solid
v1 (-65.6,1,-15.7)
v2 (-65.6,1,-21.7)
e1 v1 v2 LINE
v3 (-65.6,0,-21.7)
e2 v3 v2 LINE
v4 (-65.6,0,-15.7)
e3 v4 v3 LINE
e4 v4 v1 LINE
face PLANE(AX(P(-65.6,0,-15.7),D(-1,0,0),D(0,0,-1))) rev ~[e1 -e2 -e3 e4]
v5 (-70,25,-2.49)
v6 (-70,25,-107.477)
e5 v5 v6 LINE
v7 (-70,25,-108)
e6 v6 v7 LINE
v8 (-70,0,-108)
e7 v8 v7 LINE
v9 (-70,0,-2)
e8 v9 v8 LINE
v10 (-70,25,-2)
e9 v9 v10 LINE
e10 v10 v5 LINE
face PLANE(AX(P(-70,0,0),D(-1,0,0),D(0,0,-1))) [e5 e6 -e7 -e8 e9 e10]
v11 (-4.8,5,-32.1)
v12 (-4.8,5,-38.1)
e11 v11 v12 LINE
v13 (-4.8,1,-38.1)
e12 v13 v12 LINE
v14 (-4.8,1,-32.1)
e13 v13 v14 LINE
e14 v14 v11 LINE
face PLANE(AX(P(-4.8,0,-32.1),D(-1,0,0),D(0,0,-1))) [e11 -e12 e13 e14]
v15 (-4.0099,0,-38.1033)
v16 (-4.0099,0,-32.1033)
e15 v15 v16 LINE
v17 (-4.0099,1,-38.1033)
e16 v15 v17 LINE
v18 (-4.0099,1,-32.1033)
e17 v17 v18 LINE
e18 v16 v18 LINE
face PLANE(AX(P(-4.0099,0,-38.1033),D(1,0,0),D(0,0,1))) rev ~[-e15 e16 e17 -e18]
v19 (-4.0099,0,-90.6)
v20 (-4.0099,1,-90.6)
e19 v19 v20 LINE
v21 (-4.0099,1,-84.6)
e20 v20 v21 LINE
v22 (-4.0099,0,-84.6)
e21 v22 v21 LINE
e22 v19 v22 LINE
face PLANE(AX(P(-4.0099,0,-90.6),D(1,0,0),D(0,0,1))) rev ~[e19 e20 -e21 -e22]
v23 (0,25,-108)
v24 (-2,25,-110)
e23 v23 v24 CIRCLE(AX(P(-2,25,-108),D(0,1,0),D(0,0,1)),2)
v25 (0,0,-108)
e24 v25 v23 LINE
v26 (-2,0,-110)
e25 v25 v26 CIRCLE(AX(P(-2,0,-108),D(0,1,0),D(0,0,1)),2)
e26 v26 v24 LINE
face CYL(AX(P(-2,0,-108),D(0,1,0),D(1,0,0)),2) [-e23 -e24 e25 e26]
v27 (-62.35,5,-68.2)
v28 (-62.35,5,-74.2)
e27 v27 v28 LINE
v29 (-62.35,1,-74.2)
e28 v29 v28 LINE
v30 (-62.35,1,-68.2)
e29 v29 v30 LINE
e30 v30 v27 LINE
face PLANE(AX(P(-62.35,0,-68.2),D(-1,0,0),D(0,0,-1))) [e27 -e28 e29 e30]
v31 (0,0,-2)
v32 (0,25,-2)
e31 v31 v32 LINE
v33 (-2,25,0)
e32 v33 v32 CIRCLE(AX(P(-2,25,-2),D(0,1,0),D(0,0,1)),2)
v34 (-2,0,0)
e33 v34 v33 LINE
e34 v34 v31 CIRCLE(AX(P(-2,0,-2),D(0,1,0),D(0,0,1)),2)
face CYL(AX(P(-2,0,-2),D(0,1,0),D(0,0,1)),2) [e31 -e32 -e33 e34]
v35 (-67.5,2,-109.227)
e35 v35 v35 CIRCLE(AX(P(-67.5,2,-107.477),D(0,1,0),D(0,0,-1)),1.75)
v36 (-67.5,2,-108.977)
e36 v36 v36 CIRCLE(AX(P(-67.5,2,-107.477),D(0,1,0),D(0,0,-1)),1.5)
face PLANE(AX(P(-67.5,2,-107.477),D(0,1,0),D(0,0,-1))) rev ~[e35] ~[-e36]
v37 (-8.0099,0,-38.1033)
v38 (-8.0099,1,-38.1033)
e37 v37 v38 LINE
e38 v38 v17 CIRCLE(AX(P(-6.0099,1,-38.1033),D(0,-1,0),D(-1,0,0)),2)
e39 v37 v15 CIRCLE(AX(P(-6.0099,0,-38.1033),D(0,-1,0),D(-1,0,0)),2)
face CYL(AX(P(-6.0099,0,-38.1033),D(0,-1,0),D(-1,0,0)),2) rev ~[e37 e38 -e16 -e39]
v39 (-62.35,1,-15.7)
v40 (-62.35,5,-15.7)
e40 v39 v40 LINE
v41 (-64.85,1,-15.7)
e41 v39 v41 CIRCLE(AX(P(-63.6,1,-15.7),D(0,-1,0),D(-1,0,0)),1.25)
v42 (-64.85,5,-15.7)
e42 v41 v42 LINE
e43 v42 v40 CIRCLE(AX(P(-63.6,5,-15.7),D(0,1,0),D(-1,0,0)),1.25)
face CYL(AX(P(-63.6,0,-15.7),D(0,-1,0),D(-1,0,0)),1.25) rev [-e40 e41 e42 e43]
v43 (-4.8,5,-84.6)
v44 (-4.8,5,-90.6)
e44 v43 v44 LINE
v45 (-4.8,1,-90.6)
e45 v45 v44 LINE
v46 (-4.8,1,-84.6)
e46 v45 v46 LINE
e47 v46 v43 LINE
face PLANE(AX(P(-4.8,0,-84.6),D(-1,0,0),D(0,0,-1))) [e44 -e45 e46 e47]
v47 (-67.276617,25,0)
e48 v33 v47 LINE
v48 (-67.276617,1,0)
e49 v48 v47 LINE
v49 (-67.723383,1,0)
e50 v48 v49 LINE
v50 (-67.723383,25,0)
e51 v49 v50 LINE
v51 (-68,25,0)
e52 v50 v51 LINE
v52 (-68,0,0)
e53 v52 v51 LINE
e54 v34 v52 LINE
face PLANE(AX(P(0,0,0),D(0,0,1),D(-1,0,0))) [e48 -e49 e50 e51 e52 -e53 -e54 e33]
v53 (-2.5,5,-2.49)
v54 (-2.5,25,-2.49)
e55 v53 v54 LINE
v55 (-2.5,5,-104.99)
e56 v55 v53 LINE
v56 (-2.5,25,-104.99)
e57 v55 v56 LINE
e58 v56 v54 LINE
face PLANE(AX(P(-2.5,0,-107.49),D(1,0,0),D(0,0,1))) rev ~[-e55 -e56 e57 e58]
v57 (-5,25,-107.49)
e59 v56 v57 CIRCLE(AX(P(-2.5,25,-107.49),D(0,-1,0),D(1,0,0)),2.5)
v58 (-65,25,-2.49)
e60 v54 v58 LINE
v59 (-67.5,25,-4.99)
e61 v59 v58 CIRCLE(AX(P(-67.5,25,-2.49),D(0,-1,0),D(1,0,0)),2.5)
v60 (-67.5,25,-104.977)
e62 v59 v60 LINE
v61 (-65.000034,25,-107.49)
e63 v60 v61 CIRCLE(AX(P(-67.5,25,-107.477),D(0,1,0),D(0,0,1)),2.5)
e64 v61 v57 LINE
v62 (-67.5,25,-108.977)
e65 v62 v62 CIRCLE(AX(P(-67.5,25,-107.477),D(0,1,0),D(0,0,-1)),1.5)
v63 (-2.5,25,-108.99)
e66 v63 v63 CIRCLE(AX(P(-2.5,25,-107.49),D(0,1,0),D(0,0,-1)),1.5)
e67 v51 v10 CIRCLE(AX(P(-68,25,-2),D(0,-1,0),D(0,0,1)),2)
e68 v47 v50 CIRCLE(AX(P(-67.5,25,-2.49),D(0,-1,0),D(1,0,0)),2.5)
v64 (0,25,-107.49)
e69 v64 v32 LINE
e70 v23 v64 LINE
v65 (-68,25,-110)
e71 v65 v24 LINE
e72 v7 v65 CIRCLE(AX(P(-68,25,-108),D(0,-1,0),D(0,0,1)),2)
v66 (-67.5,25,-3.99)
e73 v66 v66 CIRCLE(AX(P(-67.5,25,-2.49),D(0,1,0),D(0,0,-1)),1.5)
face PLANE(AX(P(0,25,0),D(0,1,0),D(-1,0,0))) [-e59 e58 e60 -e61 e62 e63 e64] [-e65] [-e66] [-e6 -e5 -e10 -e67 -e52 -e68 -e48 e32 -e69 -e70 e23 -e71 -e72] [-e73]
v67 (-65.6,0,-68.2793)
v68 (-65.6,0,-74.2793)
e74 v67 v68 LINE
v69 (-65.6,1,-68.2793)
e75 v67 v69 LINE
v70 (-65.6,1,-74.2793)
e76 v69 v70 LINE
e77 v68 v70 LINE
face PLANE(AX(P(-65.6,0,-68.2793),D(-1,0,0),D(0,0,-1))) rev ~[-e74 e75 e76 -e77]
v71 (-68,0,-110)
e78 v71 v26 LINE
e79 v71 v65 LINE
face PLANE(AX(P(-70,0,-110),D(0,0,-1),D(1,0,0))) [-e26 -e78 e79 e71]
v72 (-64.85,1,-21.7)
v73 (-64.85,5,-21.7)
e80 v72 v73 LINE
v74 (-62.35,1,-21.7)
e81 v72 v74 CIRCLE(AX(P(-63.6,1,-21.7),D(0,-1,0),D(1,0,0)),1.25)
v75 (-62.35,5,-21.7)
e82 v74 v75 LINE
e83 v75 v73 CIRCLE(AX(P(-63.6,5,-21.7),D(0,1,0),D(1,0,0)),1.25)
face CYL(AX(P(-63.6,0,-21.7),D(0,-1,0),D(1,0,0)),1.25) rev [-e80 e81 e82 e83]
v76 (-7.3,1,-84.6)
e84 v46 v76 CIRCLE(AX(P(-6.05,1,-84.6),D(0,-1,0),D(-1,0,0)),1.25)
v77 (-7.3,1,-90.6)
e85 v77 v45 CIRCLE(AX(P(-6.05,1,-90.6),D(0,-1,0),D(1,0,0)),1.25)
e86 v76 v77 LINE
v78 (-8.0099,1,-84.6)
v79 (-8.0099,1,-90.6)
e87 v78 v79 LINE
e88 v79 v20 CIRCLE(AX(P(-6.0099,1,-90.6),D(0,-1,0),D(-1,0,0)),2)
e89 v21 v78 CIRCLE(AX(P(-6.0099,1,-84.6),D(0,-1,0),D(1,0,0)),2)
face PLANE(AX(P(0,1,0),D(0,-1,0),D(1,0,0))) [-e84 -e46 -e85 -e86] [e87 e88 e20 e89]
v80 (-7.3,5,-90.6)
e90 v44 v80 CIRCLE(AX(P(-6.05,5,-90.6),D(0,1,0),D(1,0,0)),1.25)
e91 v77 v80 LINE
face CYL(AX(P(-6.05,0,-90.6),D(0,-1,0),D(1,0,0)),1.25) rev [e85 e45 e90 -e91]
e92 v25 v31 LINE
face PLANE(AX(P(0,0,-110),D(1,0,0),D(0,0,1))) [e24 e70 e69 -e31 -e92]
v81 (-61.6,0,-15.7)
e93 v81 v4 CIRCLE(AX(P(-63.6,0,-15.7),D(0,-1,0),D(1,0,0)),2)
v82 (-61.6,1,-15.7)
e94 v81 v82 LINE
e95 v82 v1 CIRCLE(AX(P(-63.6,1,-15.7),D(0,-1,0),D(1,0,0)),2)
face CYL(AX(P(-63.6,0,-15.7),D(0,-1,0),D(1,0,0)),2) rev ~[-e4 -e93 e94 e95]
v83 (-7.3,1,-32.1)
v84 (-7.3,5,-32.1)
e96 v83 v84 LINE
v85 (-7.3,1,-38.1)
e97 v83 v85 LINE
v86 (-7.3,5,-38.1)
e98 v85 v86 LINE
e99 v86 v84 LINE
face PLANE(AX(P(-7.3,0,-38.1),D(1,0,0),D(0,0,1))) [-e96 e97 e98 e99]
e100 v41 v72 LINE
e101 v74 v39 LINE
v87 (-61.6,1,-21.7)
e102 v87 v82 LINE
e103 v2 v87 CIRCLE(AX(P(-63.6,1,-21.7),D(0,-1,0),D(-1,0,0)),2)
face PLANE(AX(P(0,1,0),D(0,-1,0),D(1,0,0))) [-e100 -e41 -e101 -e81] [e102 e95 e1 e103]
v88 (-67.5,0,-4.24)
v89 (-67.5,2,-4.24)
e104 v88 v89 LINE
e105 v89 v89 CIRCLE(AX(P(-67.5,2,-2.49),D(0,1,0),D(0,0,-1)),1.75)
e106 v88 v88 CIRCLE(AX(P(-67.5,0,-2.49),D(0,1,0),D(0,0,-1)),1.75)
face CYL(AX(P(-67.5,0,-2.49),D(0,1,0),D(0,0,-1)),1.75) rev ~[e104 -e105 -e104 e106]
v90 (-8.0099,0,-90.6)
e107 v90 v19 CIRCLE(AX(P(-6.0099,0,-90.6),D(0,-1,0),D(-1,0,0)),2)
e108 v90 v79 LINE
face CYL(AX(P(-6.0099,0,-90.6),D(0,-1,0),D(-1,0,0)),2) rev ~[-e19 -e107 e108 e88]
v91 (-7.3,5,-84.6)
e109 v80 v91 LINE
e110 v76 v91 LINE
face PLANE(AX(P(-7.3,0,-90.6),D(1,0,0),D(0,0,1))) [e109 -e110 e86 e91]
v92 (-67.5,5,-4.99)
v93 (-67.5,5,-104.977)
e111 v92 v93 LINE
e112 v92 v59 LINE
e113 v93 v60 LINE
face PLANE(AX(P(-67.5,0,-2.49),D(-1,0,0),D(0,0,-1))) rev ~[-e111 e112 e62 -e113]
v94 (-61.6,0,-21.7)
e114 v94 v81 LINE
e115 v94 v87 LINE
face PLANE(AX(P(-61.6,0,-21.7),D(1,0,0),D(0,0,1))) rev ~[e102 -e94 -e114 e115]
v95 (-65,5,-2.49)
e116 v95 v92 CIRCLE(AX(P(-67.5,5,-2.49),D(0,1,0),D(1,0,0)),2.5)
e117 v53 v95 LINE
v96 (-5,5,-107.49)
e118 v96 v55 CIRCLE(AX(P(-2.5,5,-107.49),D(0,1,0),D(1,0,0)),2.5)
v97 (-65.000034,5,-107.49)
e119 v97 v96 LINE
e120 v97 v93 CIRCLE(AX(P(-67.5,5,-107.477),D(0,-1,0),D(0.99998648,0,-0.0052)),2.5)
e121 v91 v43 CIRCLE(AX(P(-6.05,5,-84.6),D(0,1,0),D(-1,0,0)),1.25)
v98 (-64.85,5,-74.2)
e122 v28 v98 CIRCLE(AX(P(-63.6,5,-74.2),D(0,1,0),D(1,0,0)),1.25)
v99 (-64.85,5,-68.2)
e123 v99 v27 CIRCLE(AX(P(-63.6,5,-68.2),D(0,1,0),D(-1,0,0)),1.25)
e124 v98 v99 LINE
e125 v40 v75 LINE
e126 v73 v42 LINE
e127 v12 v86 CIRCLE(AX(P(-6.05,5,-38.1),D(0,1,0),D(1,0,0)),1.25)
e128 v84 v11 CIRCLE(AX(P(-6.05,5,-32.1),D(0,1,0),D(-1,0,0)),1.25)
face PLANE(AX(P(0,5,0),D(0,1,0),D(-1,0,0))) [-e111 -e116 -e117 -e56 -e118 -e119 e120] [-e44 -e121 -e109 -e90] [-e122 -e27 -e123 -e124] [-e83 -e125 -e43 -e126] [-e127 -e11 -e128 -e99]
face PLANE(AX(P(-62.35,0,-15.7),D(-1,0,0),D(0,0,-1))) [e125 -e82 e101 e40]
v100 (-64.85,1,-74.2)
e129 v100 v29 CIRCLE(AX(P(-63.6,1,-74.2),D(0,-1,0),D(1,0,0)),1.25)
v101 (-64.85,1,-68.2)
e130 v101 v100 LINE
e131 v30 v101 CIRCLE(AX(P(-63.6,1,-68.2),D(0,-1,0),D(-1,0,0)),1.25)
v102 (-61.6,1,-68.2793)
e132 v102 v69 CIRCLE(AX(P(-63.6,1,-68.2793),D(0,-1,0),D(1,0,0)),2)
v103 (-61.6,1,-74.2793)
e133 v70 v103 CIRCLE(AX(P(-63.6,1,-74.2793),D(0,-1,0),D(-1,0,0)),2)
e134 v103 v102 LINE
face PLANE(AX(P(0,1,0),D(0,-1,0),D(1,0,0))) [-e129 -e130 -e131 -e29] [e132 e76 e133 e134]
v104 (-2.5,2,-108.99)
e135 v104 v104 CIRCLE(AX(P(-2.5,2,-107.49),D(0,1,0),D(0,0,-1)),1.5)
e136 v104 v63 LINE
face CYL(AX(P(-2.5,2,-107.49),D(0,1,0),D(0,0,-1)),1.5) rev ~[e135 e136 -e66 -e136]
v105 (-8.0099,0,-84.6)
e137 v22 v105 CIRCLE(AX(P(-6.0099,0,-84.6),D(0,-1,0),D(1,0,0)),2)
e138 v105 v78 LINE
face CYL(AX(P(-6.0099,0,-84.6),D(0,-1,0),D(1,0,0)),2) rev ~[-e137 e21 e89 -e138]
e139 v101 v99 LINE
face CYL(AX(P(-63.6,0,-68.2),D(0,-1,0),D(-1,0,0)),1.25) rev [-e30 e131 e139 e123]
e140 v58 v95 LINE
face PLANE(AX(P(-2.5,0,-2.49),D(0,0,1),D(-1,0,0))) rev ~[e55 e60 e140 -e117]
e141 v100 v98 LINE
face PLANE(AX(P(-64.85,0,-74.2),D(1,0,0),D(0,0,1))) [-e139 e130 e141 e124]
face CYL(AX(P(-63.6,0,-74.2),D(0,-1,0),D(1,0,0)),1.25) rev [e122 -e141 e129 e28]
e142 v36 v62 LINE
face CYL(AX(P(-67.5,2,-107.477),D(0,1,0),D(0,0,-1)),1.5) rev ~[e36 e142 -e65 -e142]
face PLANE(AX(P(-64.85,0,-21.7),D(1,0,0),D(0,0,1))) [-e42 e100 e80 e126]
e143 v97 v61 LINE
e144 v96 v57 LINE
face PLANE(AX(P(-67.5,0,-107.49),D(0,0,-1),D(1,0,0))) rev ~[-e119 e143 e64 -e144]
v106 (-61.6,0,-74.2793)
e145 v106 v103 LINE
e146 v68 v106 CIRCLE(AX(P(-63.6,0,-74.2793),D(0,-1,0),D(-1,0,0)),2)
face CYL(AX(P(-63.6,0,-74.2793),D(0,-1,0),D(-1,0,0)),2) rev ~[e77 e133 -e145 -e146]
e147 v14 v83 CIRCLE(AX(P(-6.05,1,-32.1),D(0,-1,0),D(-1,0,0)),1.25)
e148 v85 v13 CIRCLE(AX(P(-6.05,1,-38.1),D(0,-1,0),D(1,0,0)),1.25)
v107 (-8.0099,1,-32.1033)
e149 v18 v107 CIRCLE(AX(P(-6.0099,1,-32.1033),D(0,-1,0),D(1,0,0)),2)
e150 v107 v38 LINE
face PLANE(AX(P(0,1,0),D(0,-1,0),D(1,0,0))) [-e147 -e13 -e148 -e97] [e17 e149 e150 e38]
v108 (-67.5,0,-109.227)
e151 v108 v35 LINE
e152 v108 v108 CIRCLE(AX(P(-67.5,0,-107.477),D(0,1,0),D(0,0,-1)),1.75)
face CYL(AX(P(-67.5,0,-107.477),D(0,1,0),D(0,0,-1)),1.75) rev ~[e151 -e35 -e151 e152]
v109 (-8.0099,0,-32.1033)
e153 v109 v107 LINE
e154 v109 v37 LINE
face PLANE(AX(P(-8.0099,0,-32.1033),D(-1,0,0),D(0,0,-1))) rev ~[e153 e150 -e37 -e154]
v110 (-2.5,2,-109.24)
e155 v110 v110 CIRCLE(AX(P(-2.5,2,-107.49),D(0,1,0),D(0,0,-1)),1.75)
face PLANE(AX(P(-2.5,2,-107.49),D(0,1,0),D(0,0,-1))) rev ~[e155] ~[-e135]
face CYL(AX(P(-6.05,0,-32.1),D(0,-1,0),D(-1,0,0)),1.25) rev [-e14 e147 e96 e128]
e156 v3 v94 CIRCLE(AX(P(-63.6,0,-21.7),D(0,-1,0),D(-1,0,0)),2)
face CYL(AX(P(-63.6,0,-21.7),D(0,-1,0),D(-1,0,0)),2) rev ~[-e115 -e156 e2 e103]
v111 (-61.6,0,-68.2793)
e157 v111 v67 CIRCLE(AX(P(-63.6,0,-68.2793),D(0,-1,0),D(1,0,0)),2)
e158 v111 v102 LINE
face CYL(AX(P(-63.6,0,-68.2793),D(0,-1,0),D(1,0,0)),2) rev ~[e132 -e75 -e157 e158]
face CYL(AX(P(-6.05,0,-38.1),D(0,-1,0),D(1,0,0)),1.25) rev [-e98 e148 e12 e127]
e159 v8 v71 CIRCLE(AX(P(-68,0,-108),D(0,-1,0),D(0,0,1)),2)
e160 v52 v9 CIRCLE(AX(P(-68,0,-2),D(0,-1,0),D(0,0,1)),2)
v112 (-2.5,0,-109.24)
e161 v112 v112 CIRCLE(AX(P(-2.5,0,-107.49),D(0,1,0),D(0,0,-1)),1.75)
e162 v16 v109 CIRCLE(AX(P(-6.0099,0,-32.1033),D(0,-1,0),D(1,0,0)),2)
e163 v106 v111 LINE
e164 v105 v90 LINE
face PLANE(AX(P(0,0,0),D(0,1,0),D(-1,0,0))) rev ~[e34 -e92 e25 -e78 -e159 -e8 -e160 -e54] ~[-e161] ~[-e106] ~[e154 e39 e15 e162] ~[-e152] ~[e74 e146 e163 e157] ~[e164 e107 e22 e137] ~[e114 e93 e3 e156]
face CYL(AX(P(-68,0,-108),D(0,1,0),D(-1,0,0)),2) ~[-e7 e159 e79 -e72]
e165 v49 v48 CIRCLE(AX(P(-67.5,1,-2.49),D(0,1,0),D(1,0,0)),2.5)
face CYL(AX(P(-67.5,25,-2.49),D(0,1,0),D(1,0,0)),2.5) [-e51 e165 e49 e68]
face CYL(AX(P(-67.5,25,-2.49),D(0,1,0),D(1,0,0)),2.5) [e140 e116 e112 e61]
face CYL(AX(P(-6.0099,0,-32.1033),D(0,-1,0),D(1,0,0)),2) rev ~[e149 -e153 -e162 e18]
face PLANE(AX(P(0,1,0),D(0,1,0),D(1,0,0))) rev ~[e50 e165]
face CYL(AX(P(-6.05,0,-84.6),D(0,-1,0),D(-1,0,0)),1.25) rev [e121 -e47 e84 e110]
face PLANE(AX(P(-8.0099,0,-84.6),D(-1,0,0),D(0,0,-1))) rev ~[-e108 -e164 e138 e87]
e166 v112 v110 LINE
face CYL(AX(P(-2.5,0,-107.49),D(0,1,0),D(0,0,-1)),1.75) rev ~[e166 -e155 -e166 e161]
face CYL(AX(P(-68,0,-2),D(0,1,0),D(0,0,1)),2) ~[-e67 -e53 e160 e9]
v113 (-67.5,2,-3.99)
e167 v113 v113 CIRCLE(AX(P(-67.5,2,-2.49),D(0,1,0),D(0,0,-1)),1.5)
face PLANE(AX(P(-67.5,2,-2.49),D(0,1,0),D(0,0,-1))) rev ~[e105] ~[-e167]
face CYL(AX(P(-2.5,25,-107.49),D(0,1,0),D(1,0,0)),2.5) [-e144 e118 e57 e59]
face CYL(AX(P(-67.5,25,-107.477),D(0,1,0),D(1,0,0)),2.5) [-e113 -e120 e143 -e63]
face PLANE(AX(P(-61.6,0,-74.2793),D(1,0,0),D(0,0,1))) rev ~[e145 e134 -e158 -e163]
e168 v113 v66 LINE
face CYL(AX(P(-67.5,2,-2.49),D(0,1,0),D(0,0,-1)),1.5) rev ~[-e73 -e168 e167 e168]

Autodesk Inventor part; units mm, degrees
ref_plane "YZ Plane" through (0, 0, 0) normal (1, 0, 0) x (0, 1, 0)
ref_plane "XZ Plane" through (0, 0, 0) normal (0, 1, 0) x (-1, 0, 0)
ref_plane "XY Plane" through (0, 0, 0) normal (0, 0, 1) x (1, 0, 0)
sketch "Sketch1" plane through (0, 0, 0) normal (0, 1, 0) x (-1, 0, 0)
  line L0 (0, 0) -> (70, 0)
  line L1 (70, 0) -> (70, -110)
  line L2 (70, -110) -> (0, -110)
  line L3 (0, -110) -> (0, 0)
  line L4 (2.5, -2.49) -> (67.5, -2.49)
  line L5 (67.5, -2.49) -> (67.5, -107.49)
  line L6 (67.5, -107.49) -> (2.5, -107.49)
  line L7 (2.5, -107.49) -> (2.5, -2.49)
  line L8 (67.5, -54.99) -> (2.5, -54.99) construction
  line L9 (67.5, -54.99) -> (63.6, -54.99) construction
  line L10 (63.6, -54.99) -> (63.6, -71.2) construction
  line L11 (63.6, -71.2) -> (67.5, -71.2) construction
  line L12 (67.5, -71.2) -> (67.5, -54.99) construction
  line L13 (63.6, -68.2) -> (63.6, -74.2) construction
  line L14 (62.35, -68.2) -> (62.35, -74.2)
  line L15 (64.85, -74.2) -> (64.85, -68.2)
  arc A0 (64.85, -68.2) -> (62.35, -68.2) centre (63.6, -68.2) ccw
  arc A1 (62.35, -74.2) -> (64.85, -74.2) centre (63.6, -74.2) ccw
  line L16 (63.6, -71.2) -> (63.6, -87.6) construction
  line L17 (2.5, -87.6) -> (6.05, -87.6) construction
  line L18 (6.05, -84.6) -> (6.05, -90.6) construction
  line L19 (4.8, -84.6) -> (4.8, -90.6)
  line L20 (7.3, -90.6) -> (7.3, -84.6)
  arc A2 (7.3, -84.6) -> (4.8, -84.6) centre (6.05, -84.6) ccw
  arc A3 (4.8, -90.6) -> (7.3, -90.6) centre (6.05, -90.6) ccw
  line L21 (67.5, -2.49) -> (63.6, -2.49) construction
  line L22 (63.6, -2.49) -> (63.6, -18.7) construction
  line L23 (63.6, -18.7) -> (67.5, -18.7) construction
  line L24 (67.5, -18.7) -> (67.5, -2.49) construction
  line L25 (63.6, -18.7) -> (63.6, -35.1) construction
  line L26 (2.5, -35.1) -> (6.05, -35.1) construction
  line L27 (63.6, -15.7) -> (63.6, -21.7) construction
  line L28 (62.35, -15.7) -> (62.35, -21.7)
  line L29 (64.85, -21.7) -> (64.85, -15.7)
  arc A4 (64.85, -15.7) -> (62.35, -15.7) centre (63.6, -15.7) ccw
  arc A5 (62.35, -21.7) -> (64.85, -21.7) centre (63.6, -21.7) ccw
  line L30 (6.05, -32.1) -> (6.05, -38.1) construction
  line L31 (4.8, -32.1) -> (4.8, -38.1)
  line L32 (7.3, -38.1) -> (7.3, -32.1)
  arc A6 (7.3, -32.1) -> (4.8, -32.1) centre (6.05, -32.1) ccw
  arc A7 (4.8, -38.1) -> (7.3, -38.1) centre (6.05, -38.1) ccw
  point P0 (35, -55)
  dimension "d0" = 70
  dimension "d1" = 110
  dimension "d2" = 65
  dimension "d3" = 105
  dimension "d4" = 52.5
  dimension "d5" = 52.5
  dimension "d6" = 3.9
  dimension "d7" = 16.21
  dimension "d8" = 3
  dimension "d9" = 2.5
  dimension "d10" = 16.4
  dimension "d11" = 3.55
  dimension "d12" = 3
  dimension "d13" = 2.5
  dimension "d14" = 19.89
  dimension "d15" = 16.4
  dimension "d16" = 3.9
  dimension "d17" = 16.21
  dimension "d18" = 16.4
  dimension "d19" = 3.55
  dimension "d20" = 3
  dimension "d21" = 2.5
  dimension "d22" = 3
  dimension "d23" = 2.5
extrude "Extrusion1" add sketch "Sketch1" along normal blind 25 contours L0 L1 L2 L3
extrude "Extrusion2" add sketch "Sketch1" along normal blind 5 contours L4 L5 L6 L7
sketch "Sketch2" plane through (0, 0, 0) normal (0, -1, 0) x (1, 0, 0)
  line L0 (-63.6, -21.7) -> (-63.6, -15.7) construction
  line L1 (-61.6, -21.7) -> (-61.6, -15.7)
  line L2 (-65.6, -15.7) -> (-65.6, -21.7)
  arc A0 (-65.6, -21.7) -> (-61.6, -21.7) centre (-63.6, -21.7) ccw
  arc A1 (-61.6, -15.7) -> (-65.6, -15.7) centre (-63.6, -15.7) ccw
  line L3 (-6.0099, -38.1033) -> (-6.0099, -32.1033) construction
  line L4 (-4.0099, -38.1033) -> (-4.0099, -32.1033)
  line L5 (-8.0099, -32.1033) -> (-8.0099, -38.1033)
  arc A2 (-8.0099, -38.1033) -> (-4.0099, -38.1033) centre (-6.0099, -38.1033) ccw
  arc A3 (-4.0099, -32.1033) -> (-8.0099, -32.1033) centre (-6.0099, -32.1033) ccw
  line L6 (-63.6, -74.2793) -> (-63.6, -68.2793) construction
  line L7 (-61.6, -74.2793) -> (-61.6, -68.2793)
  line L8 (-65.6, -68.2793) -> (-65.6, -74.2793)
  arc A4 (-65.6, -74.2793) -> (-61.6, -74.2793) centre (-63.6, -74.2793) ccw
  arc A5 (-61.6, -68.2793) -> (-65.6, -68.2793) centre (-63.6, -68.2793) ccw
  line L9 (-6.0099, -90.6) -> (-6.0099, -84.6) construction
  line L10 (-4.8, -90.6) -> (-4.8, -84.6) projected
  line L11 (-4.0099, -90.6) -> (-4.0099, -84.6)
  line L12 (-8.0099, -84.6) -> (-8.0099, -90.6)
  arc A6 (-8.0099, -90.6) -> (-4.0099, -90.6) centre (-6.0099, -90.6) ccw
  arc A7 (-4.0099, -84.6) -> (-8.0099, -84.6) centre (-6.0099, -84.6) ccw
  line L13 (-6.0099, -87.6) -> (-0.0099, -87.6) construction
  point P0 (0, 0)
  point P1 (-63.6, -18.7)
  point P2 (-6.0099, -35.1033)
  point P3 (-63.6, -71.2793)
  dimension "d28" = 3
  dimension "d29" = 4
  dimension "d30" = 3
  dimension "d31" = 4
  dimension "d32" = 3
  dimension "d33" = 4
  dimension "d34" = 3
  dimension "d35" = 90
  dimension "d36" = 4
extrude "Extrusion3" cut sketch "Sketch2" against normal blind 1
sketch "Sketch3" plane through (0, 25, 0) normal (0, 1, 0) x (1, 0, 0)
  line L0 (-67.5, 2.49) -> (-67.5, 107.49) projected
  circle A0 centre (-67.5, 2.49) radius 2.5
  line L1 (-70, 2) -> (-70, 108) projected
  circle A1 centre (-67.5, 107.477) radius 2.5
  line L2 (-67.5, 107.49) -> (-2.5, 107.49) projected
  circle A2 centre (-2.5, 107.49) radius 2.5
  point P0 (0, 0)
  dimension "d40" = 5
extrude "Extrusion4" add sketch "Sketch3" against normal blind 24 contours A2 | A0 | A1 L2 L0 | L0 L2 A1
sketch "Sketch5" plane through (0, 0, 0) normal (0, -1, 0) x (1, 0, 0)
  arc A0 (-2.5, -104.99) -> (-5, -107.49) centre (-2.5, -107.49) ccw projected
  arc A1 (-65, -107.49) -> (-67.5, -104.977) centre (-67.5, -107.477) ccw projected
  arc A2 (-67.5, -4.99) -> (-65, -2.49) centre (-67.5, -2.49) ccw projected
  point P0 (0, 0)
hole "Hole1" at (-2.5, 0, -107.49) at (-67.5, 0, -107.477) at (-67.5, 0, -2.49) direction (0, 1, 0) diameter 3 depth 40 tip angle 118 counterbore diameter 3.5 counterbore depth 2
fillet "Fillet2" radius 2 4 edges at (-70, 12.5, 0) (-70, 12.5, -110) (0, 12.5, -110) (0, 12.5, 0)
sketch "Sketch6" plane through (0, 0, 0) normal (0, -1, 0) x (1, 0, 0)
  line L0 (-19.0093, -31.0437) -> (-19.0093, -43.6077) construction
  line L1 (-19.0093, -43.6077) -> (-93.3266, -43.6077) construction
  line L2 (-93.3266, -43.6077) -> (-93.3266, -31.0437) construction
  line L3 (-93.3266, -31.0437) -> (-19.0093, -31.0437) construction
  line L4 (-32.1283, -26.5619) -> (-32.1283, -53.8239) construction
  line L5 (-32.1283, -53.8239) -> (-124.1375, -53.8239) construction
  line L6 (-124.1375, -53.8239) -> (-124.1375, -26.5619) construction
  line L7 (-124.1375, -26.5619) -> (-32.1283, -26.5619) construction
  line L8 (-45.7196, -50.7865) -> (-45.7196, -85.058) construction
  line L9 (-45.7196, -85.058) -> (-48.896, -85.058) construction
  line L10 (-48.896, -85.058) -> (-48.896, -50.7865) construction
  line L11 (-48.896, -50.7865) -> (-45.7196, -50.7865) construction
  point P0 (0, 0)
properties part number "SUPERIOR MODEL2"
